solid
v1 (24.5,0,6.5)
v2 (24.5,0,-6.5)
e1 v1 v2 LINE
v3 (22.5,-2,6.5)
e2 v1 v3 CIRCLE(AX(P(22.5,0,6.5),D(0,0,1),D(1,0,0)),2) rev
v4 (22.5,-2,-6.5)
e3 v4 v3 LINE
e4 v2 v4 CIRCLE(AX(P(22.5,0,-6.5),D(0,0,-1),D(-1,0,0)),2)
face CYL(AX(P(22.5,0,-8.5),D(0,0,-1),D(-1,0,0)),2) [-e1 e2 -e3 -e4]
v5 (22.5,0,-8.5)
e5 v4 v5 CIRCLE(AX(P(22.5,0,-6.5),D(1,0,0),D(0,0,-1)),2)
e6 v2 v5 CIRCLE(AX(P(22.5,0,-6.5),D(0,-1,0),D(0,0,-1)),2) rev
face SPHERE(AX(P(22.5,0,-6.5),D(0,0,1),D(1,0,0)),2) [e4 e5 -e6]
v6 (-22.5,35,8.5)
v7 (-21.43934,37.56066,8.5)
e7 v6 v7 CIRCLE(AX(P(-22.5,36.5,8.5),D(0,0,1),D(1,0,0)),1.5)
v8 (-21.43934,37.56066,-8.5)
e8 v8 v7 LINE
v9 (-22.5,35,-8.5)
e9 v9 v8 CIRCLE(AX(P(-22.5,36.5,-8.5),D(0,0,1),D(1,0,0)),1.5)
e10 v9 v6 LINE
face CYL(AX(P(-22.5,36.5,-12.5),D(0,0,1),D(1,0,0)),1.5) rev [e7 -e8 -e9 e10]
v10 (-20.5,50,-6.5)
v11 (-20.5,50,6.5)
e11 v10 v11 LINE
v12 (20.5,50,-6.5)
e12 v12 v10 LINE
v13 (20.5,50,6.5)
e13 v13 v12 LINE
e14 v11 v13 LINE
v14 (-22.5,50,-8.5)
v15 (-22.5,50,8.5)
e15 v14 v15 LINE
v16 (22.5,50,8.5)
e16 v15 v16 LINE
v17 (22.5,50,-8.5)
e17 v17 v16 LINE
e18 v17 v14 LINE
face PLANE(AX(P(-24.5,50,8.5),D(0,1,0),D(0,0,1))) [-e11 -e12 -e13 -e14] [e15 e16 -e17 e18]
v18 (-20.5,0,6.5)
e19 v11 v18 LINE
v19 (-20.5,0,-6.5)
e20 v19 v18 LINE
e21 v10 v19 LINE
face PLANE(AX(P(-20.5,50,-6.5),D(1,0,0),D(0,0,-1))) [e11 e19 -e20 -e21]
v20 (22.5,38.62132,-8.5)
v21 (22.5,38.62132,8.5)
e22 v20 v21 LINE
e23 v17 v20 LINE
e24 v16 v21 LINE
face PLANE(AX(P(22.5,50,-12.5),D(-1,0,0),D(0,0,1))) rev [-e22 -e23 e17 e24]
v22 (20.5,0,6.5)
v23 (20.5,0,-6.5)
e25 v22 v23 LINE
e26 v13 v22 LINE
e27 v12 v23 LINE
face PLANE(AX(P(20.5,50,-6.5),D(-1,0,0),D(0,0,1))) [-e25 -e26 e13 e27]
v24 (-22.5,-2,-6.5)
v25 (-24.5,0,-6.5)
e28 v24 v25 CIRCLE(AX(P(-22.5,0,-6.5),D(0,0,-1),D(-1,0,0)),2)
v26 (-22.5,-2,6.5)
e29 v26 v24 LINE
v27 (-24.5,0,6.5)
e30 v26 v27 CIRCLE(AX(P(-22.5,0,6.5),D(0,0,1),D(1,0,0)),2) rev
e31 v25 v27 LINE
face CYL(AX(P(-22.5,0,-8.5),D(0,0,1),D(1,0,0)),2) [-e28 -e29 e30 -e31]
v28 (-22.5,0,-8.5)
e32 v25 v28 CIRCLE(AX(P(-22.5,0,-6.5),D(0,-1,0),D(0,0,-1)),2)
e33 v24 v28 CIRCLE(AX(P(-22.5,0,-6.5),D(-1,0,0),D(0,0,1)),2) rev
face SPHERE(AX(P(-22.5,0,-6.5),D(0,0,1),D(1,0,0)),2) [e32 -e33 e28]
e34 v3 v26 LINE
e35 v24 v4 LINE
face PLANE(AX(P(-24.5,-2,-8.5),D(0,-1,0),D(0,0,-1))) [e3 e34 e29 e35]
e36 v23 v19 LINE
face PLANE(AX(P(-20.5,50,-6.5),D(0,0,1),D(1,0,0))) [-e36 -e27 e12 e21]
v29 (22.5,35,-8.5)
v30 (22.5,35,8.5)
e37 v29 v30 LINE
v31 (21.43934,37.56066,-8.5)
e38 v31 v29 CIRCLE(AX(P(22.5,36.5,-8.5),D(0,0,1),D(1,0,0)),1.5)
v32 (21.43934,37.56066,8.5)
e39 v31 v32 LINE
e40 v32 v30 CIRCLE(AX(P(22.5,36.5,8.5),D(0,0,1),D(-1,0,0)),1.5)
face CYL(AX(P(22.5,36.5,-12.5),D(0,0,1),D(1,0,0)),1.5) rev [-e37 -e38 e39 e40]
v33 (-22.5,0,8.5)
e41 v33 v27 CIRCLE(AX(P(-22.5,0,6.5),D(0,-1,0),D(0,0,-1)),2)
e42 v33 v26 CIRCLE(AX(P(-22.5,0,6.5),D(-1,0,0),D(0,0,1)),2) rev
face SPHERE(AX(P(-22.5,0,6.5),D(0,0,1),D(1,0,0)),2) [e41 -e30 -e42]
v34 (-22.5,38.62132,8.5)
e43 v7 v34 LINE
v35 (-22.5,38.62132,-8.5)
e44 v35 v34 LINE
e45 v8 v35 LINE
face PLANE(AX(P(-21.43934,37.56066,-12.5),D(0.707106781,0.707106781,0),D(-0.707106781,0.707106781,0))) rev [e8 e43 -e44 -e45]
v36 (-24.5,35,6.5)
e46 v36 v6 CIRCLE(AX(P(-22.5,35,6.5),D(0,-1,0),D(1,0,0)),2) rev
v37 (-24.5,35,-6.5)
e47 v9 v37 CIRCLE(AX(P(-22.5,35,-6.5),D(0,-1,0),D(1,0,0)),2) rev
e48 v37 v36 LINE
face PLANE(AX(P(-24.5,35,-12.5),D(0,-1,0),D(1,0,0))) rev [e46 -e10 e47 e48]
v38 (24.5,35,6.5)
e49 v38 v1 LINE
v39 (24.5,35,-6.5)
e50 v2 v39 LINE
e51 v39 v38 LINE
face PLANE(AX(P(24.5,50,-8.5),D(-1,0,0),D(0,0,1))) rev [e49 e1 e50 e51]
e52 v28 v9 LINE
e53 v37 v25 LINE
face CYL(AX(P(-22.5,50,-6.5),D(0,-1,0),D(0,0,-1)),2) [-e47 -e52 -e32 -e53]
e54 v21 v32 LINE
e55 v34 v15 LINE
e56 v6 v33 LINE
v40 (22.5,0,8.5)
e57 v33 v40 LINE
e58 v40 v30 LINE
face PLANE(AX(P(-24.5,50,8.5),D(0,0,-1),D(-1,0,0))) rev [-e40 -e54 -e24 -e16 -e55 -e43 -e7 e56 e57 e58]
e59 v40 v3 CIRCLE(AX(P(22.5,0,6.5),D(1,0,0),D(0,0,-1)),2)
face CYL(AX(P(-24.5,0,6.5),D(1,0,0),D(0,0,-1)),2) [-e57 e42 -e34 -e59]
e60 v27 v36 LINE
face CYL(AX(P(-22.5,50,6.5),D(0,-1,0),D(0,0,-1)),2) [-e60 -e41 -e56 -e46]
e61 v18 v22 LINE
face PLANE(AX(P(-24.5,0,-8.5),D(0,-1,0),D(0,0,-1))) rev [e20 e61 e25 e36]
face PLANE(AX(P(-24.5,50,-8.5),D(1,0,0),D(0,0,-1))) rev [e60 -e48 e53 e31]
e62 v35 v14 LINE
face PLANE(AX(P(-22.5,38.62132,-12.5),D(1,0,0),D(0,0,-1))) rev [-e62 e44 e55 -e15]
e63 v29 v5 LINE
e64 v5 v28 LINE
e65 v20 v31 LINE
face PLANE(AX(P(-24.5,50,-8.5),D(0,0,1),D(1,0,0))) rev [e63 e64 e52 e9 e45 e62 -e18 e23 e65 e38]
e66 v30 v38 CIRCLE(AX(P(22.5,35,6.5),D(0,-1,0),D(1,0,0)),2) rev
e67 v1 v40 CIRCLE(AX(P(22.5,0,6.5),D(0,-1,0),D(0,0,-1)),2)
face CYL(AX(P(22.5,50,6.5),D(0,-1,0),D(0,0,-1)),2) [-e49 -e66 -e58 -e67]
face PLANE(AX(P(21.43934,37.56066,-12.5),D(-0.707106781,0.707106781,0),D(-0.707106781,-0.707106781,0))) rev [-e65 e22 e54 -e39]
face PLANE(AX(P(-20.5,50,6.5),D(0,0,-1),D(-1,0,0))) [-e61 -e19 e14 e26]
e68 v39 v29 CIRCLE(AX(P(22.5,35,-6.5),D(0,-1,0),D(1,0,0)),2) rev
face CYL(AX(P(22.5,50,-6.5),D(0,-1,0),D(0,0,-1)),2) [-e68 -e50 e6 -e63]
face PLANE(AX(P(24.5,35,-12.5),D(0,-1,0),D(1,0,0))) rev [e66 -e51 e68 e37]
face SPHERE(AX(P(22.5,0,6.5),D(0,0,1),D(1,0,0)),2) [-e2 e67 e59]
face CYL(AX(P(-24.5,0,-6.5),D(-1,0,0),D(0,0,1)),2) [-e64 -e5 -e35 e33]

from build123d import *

# Parameters (mm, degrees)
SKETCH1_W          = 49
SKETCH1_H          = 17
SKETCH1_W_2        = 41
SKETCH1_H_2        = 13
EXTRUDE1_DEPTH     = 50
CUT_EXTRUDE3_DEPTH = 21
SKETCH3_W          = 49
SKETCH3_H          = 17
EXTRUDE2_DEPTH     = 2
FILLET1_R          = 2


with BuildPart() as part:
    # Sketch1 → Extrude1 (new body)
    with BuildSketch(Plane(origin=(0, 0, 0), x_dir=(1, 0, 0), z_dir=(0, 1, 0))):
        Rectangle(SKETCH1_W, SKETCH1_H)
        Rectangle(SKETCH1_W_2, SKETCH1_H_2, mode=Mode.SUBTRACT)
    extrude(amount=EXTRUDE1_DEPTH)

    # Sketch2 → Cut-Extrude3 (cut)
    with BuildSketch(Plane.XY.offset(8.5)):
        with BuildLine():
            Line((-21.439339828, 37.560660172), (-22.5, 38.621320344))
            Line((-22.5, 38.621320344), (-22.5, 50))
            Line((-22.5, 50), (-24.5, 50))
            Line((-24.5, 50), (-24.5, 35))
            Line((-24.5, 35), (-22.5, 35))
            ThreePointArc((-22.5, 35), (-21.114180701, 35.925974851), (-21.439339828, 37.560660172))
        make_face()
        with BuildLine():
            Line((24.5, 50), (22.5, 50))
            Line((22.5, 50), (22.5, 38.621320344))
            Line((22.5, 38.621320344), (21.439339828, 37.560660172))
            ThreePointArc((21.439339828, 37.560660172), (21.114180701, 35.925974851), (22.5, 35))
            Line((22.5, 35), (24.5, 35))
            Line((24.5, 35), (24.5, 50))
        make_face()
    extrude(amount=-CUT_EXTRUDE3_DEPTH, mode=Mode.SUBTRACT)

    # Sketch3 → Extrude2 (add)
    with BuildSketch(Plane.XZ):
        Rectangle(SKETCH3_W, SKETCH3_H)
    extrude(amount=EXTRUDE2_DEPTH)

    # Fillet1
    fillet1_edges = [part.edges().sort_by_distance(p)[0] for p in [
        (-24.5, 16.5, -8.5),
        (-24.5, 16.5, 8.5),
        (24.5, 16.5, -8.5),
        (24.5, 16.5, 8.5),
        (-24.5, -2, 0),
        (0, -2, -8.5),
        (24.5, -2, 0),
        (0, -2, 8.5),
    ]]
    fillet(fillet1_edges, radius=FILLET1_R)


solid = part.part
